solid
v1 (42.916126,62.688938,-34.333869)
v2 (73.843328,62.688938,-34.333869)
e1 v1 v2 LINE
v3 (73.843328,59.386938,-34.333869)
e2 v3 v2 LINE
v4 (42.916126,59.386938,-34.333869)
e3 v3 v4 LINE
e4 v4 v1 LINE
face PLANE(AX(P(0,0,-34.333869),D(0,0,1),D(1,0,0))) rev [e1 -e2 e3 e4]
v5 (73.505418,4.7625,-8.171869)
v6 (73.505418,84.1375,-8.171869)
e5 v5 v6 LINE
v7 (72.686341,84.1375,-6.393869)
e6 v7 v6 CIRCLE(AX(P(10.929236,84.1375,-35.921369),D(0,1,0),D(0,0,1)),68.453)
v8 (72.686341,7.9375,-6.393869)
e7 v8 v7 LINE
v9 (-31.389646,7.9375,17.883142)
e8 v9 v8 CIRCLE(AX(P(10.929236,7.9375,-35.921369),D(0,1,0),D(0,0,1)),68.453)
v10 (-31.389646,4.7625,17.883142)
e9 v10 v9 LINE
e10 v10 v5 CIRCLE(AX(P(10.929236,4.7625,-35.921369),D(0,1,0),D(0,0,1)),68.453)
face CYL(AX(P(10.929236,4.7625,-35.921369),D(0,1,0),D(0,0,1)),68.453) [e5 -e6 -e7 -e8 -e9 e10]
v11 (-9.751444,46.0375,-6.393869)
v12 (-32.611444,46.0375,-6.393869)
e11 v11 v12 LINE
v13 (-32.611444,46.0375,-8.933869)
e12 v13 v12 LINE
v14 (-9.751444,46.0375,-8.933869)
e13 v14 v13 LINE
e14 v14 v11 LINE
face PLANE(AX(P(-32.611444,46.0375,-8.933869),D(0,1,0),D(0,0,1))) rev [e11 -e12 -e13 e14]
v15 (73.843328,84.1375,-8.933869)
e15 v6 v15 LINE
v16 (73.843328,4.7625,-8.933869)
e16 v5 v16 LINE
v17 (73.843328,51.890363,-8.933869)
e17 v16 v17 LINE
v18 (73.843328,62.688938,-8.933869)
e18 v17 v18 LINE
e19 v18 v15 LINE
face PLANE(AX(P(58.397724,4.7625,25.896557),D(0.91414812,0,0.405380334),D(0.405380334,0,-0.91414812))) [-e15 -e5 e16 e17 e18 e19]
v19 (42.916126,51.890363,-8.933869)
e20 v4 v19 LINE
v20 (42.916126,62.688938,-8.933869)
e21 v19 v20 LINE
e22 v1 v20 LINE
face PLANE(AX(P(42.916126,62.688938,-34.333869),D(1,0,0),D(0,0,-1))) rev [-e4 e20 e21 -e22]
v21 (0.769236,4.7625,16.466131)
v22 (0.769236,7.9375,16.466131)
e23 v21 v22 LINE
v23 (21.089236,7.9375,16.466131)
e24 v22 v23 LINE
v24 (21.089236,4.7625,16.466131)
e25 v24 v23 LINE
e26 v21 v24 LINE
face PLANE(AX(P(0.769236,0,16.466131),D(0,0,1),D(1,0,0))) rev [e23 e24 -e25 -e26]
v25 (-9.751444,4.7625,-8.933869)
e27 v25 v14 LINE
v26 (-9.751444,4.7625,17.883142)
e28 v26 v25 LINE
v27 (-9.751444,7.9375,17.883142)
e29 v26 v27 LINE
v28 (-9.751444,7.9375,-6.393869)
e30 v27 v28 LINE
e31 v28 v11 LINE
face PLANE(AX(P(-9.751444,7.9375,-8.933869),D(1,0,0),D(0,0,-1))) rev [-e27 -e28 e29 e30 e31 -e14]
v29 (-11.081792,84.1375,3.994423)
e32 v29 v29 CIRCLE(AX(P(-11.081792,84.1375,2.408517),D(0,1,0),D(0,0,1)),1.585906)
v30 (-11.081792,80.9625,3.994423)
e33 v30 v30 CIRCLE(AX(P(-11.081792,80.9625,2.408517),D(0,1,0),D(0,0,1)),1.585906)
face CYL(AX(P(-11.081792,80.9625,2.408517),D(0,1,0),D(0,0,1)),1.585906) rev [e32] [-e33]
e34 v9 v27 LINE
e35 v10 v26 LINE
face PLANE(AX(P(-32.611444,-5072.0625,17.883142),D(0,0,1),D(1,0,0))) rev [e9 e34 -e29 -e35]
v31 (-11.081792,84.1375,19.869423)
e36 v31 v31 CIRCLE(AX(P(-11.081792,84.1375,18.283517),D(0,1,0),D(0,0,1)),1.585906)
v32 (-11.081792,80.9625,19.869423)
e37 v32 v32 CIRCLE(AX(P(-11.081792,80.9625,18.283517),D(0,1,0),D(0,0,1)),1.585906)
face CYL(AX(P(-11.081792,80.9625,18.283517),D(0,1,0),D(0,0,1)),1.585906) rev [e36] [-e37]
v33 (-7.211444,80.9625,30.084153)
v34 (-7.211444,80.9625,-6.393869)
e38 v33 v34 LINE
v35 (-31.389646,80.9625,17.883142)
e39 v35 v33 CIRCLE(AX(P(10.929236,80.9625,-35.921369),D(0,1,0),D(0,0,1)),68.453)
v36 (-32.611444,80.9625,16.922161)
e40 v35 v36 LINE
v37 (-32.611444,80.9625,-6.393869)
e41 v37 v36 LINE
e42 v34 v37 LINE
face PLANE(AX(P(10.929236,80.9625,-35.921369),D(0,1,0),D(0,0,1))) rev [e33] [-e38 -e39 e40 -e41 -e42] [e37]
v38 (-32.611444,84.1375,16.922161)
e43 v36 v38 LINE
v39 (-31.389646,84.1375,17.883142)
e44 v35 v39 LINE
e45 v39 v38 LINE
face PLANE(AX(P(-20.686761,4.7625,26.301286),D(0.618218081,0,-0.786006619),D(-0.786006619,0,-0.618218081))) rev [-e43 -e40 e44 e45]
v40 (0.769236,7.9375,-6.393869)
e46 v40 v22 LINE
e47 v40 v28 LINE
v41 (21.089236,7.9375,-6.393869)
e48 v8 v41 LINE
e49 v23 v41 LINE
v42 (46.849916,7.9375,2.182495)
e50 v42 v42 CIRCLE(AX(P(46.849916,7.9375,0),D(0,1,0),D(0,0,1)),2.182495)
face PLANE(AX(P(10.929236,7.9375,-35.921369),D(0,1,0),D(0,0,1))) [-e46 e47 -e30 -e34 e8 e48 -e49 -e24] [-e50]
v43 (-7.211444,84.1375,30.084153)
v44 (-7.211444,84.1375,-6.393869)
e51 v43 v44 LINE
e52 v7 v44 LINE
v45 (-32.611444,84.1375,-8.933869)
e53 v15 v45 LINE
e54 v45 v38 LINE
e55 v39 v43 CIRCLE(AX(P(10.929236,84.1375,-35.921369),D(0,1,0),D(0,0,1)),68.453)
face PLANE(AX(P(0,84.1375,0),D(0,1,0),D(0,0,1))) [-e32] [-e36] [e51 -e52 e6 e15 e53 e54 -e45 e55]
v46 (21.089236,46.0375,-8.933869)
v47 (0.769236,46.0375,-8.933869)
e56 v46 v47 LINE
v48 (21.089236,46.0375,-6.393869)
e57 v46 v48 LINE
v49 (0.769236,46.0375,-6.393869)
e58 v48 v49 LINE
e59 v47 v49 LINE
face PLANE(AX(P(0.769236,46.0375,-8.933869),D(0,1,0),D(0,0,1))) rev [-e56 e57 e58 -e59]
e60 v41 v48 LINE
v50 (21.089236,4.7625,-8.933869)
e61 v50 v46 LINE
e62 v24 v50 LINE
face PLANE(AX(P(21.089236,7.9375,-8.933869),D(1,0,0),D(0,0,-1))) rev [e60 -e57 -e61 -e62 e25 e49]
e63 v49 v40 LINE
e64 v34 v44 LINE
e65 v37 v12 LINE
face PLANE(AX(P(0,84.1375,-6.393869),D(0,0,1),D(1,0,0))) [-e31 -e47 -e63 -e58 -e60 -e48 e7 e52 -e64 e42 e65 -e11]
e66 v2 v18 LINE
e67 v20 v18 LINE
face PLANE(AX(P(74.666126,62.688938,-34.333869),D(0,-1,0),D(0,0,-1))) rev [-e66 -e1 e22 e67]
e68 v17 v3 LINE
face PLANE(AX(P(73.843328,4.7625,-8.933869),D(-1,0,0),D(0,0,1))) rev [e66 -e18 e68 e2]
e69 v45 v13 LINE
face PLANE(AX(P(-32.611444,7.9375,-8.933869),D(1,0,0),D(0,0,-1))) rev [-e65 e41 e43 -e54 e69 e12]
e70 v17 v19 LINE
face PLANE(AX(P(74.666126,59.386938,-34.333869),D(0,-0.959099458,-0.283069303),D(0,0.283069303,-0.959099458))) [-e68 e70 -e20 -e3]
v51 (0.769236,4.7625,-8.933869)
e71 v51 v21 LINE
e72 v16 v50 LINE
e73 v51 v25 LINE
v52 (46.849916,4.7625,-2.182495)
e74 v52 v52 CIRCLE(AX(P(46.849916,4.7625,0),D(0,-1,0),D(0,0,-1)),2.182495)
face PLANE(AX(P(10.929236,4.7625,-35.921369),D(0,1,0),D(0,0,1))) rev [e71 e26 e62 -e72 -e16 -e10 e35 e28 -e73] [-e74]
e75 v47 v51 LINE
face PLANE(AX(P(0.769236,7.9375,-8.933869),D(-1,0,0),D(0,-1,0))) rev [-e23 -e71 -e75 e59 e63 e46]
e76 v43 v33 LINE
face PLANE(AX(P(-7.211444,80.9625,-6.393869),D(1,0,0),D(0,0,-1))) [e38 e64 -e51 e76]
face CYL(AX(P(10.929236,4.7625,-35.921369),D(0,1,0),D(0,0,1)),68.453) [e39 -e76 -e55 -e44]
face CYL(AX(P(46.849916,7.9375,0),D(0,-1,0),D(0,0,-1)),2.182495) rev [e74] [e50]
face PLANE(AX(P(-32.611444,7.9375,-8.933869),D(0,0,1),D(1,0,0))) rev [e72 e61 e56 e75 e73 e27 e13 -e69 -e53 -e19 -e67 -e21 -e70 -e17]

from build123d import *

# Parameters (mm, degrees)
SKETCH1_R               = 5.357495
SKETCH1_R_2             = 2.182495
RAISER_DEPTH            = 4.7625
RAISER_2_DEPTH          = 4.7625
SKETCH3_R               = 2.182495
PLATFORM_DEPTH          = 3.175
WALLS_DEPTH             = 76.2
SKETCH9_W               = 31.75
SKETCH9_H               = 3.302
BOSS_EXTRUDE4_DEPTH     = 25.4
BOSS_EXTRUDE5_DEPTH     = 31.75
BOSS_EXTRUDE6_DEPTH     = 3.175
SKETCH13_R              = 1.585905821
CUT_EXTRUDE1_DEPTH      = 3.175
SKETCH14_W              = 22.86
SKETCH14_H              = 38.1
CUT_EXTRUDE2_DEPTH      = 2.54
SKETCH16_W              = 22.86
SKETCH16_H              = 26.817011057
CUT_EXTRUDE3_DEPTH      = 5080
SKETCH17_W              = 20.32
SKETCH17_H              = 38.1
CUT_EXTRUDE4_DEPTH      = 2.54
SKETCH18_W              = 20.32
SKETCH18_H              = 25.4
CUT_EXTRUDE5_DEPTH      = 8.9375
SKETCH21_R              = 23.434999297
CUT_EXTRUDE6_DEPTH      = 5.7625
CUT_EXTRUDE7_DEPTH      = 77.2
CUT_EXTRUDE7_DEPTH_BACK = 4.175
SKETCH23_W              = 0.822798121
SKETCH23_H              = 25.4
CUT_EXTRUDE8_DEPTH      = 22.448562342
CUT_EXTRUDE8_DEPTH_BACK = 58.926437658
CUT_EXTRUDE9_DEPTH      = 1
CUT_EXTRUDE9_DEPTH_BACK = 80.375


with BuildPart() as part:
    # Sketch1 → Raiser (new body)
    with BuildSketch(Plane(origin=(0, 0, 0), x_dir=(1, 0, 0), z_dir=(0, 1, 0))):
        with Locations((-24.991443565, 0)):
            Circle(SKETCH1_R)
        with Locations((-24.991443565, 0)):
            Circle(SKETCH1_R_2, mode=Mode.SUBTRACT)
    extrude(amount=RAISER_DEPTH)



with BuildPart() as body_2:
    # Sketch1 → Raiser 2 (new body)
    with BuildSketch(Plane(origin=(0, 0, 0), x_dir=(1, 0, 0), z_dir=(0, 1, 0))):
        with Locations((46.849916435, 0)):
            Circle(SKETCH1_R)
        with Locations((46.849916435, 0)):
            Circle(SKETCH1_R_2, mode=Mode.SUBTRACT)
    extrude(amount=RAISER_2_DEPTH)


with BuildPart() as part_1:
    add(part.part)

    add(body_2.part)  # Platform merges body 2
    # Sketch3 → Platform (add)
    with BuildSketch(Plane(origin=(0, 4.7625, 0), x_dir=(1, 0, 0), z_dir=(0, 1, 0))):
        with BuildLine():
            Line((-32.611443565, 8.933868965), (-32.611443565, -17.883142092))
            ThreePointArc((-32.611443565, -17.883142092), (27.714936864, -31.227394881), (74.666125822, 8.933868965))
            Line((74.666125822, 8.933868965), (-32.611443565, 8.933868965))
        make_face()
        with Locations((-24.991443565, 0)):
            Circle(SKETCH3_R, mode=Mode.SUBTRACT)
        with Locations((46.849916435, 0)):
            Circle(SKETCH3_R, mode=Mode.SUBTRACT)
    extrude(amount=PLATFORM_DEPTH)

    # Sketch7 → Walls (add)
    with BuildSketch(Plane(origin=(0, 7.9375, 0), x_dir=(1, 0, 0), z_dir=(0, 1, 0))):
        with BuildLine():
            Line((74.666125822, 8.933868965), (-32.611443565, 8.933868965))
            Line((-32.611443565, 8.933868965), (-32.611443565, 6.393868965))
            Line((-32.611443565, 6.393868965), (-30.071443565, 6.393868965))
            Line((-30.071443565, 6.393868965), (73.529899121, 6.393868965))
            ThreePointArc((73.529899121, 6.393868965), (74.110777774, 7.65815862), (74.666125822, 8.933868965))
        make_face()
    extrude(amount=WALLS_DEPTH)

    # Sketch9 → Boss-Extrude4 (add)
    with BuildSketch(Plane(origin=(0, 0, -8.933868965), x_dir=(-1, 0, 0), z_dir=(0, 0, -1))):
        with Locations((-58.791125822, 61.037937658)):
            Rectangle(SKETCH9_W, SKETCH9_H)
    extrude(amount=BOSS_EXTRUDE4_DEPTH)

    # Sketch10 → Boss-Extrude5 (add)
    with BuildSketch(Plane.ZY.offset(-42.916125822)):
        Polygon((-34.333868965, 59.386937658), (-8.933868965, 51.890363409), (-8.933868965, 59.386937658), align=None)
    extrude(amount=-BOSS_EXTRUDE5_DEPTH)

    # Sketch12 → Boss-Extrude6 (add)
    with BuildSketch(Plane(origin=(0, 84.1375, 0), x_dir=(1, 0, 0), z_dir=(0, 1, 0))):
        with BuildLine():
            Line((-32.611443565, 6.393868965), (-32.611443565, -17.883142092))
            ThreePointArc((-32.611443565, -17.883142092), (-20.588039105, -25.701496657), (-7.211443565, -30.874079638))
            Line((-7.211443565, -30.874079638), (-7.211443565, 6.393868965))
            Line((-7.211443565, 6.393868965), (-32.611443565, 6.393868965))
        make_face()
    extrude(amount=-BOSS_EXTRUDE6_DEPTH)

    # Sketch13 → Cut-Extrude1 (cut)
    with BuildSketch(Plane(origin=(0, 84.1375, 0), x_dir=(1, 0, 0), z_dir=(0, 1, 0))):
        with Locations((-11.081791728, -2.408517057)):
            Circle(SKETCH13_R)
        with Locations((-11.081791728, -18.283517057)):
            Circle(SKETCH13_R)
    extrude(amount=-CUT_EXTRUDE1_DEPTH, mode=Mode.SUBTRACT)

    # Sketch14 → Cut-Extrude2 (cut)
    with BuildSketch(Plane.XY.offset(-6.393868965)):
        with Locations((-21.181443565, 26.9875)):
            Rectangle(SKETCH14_W, SKETCH14_H)
    extrude(amount=-CUT_EXTRUDE2_DEPTH, mode=Mode.SUBTRACT)

    # Sketch16 → Cut-Extrude3 (cut)
    with BuildSketch(Plane(origin=(0, 7.9375, 0), x_dir=(1, 0, 0), z_dir=(0, 1, 0))):
        with Locations((-21.181443565, -4.474636563)):
            Rectangle(SKETCH16_W, SKETCH16_H)
    extrude(amount=-CUT_EXTRUDE3_DEPTH, mode=Mode.SUBTRACT)

    # Sketch17 → Cut-Extrude4 (cut)
    with BuildSketch(Plane.XY.offset(-6.393868965)):
        with Locations((10.929236435, 26.9875)):
            Rectangle(SKETCH17_W, SKETCH17_H)
    extrude(amount=-CUT_EXTRUDE4_DEPTH, mode=Mode.SUBTRACT)

    # Sketch18 → Cut-Extrude5 (cut, through all)
    with BuildSketch(Plane(origin=(0, 7.9375, 0), x_dir=(1, 0, 0), z_dir=(0, 1, 0))):
        with Locations((10.929236435, -3.766131035)):
            Rectangle(SKETCH18_W, SKETCH18_H)
    extrude(amount=-CUT_EXTRUDE5_DEPTH, mode=Mode.SUBTRACT)

    # Sketch21 → Cut-Extrude6 (cut, through all)
    with BuildSketch(Plane.XZ.offset(-4.7625)):
        with Locations((35.627803811, 7.157128957)):
            Circle(SKETCH21_R)
    extrude(amount=CUT_EXTRUDE6_DEPTH, mode=Mode.SUBTRACT)

    # Sketch22 → Cut-Extrude7 (cut, two sides)
    with BuildSketch(Plane(origin=(0, 7.9375, 0), x_dir=(1, 0, 0), z_dir=(0, 1, 0))) as cut_extrude7_sk:
        with BuildLine():
            ThreePointArc((72.686340907, 6.393868965), (26.479298711, -30.742030079), (-31.389645862, -17.883142092))
            Line((-31.389645862, -17.883142092), (-32.611443565, -17.883142092))
            ThreePointArc((-32.611443565, -17.883142092), (26.361801078, -31.551234168), (73.529899121, 6.393868965))
            Line((73.529899121, 6.393868965), (72.686340907, 6.393868965))
        make_face()
        with BuildLine():
            ThreePointArc((73.505417676, 8.171868965), (73.102235438, 7.279940859), (72.686340907, 6.393868965))
            Line((72.686340907, 6.393868965), (73.529899121, 6.393868965))
            ThreePointArc((73.529899121, 6.393868965), (74.110777774, 7.65815862), (74.666125822, 8.933868965))
            Line((74.666125822, 8.933868965), (73.843327701, 8.933868965))
            Line((73.843327701, 8.933868965), (73.505417676, 8.171868965))
        make_face()
    extrude(amount=CUT_EXTRUDE7_DEPTH, mode=Mode.SUBTRACT)
    extrude(cut_extrude7_sk.sketch, amount=-CUT_EXTRUDE7_DEPTH_BACK, mode=Mode.SUBTRACT)

    # Sketch23 → Cut-Extrude8 (cut, two sides)
    with BuildSketch(Plane(origin=(0, 62.688937658, 0), x_dir=(1, 0, 0), z_dir=(0, 1, 0))) as cut_extrude8_sk:
        with Locations((74.254726761, 21.633868965)):
            Rectangle(SKETCH23_W, SKETCH23_H)
    extrude(amount=CUT_EXTRUDE8_DEPTH, mode=Mode.SUBTRACT)
    extrude(cut_extrude8_sk.sketch, amount=-CUT_EXTRUDE8_DEPTH_BACK, mode=Mode.SUBTRACT)

    # Sketch24 → Cut-Extrude9 (cut, two sides)
    with BuildSketch(Plane(origin=(0, 84.1375, 0), x_dir=(1, 0, 0), z_dir=(0, 1, 0))) as cut_extrude9_sk:
        Polygon((-32.611443565, -16.922161086), (-32.611443565, -17.883142092), (-31.389645862, -17.883142092), align=None)
    extrude(amount=CUT_EXTRUDE9_DEPTH, mode=Mode.SUBTRACT)
    extrude(cut_extrude9_sk.sketch, amount=-CUT_EXTRUDE9_DEPTH_BACK, mode=Mode.SUBTRACT)


solid = part_1.part
